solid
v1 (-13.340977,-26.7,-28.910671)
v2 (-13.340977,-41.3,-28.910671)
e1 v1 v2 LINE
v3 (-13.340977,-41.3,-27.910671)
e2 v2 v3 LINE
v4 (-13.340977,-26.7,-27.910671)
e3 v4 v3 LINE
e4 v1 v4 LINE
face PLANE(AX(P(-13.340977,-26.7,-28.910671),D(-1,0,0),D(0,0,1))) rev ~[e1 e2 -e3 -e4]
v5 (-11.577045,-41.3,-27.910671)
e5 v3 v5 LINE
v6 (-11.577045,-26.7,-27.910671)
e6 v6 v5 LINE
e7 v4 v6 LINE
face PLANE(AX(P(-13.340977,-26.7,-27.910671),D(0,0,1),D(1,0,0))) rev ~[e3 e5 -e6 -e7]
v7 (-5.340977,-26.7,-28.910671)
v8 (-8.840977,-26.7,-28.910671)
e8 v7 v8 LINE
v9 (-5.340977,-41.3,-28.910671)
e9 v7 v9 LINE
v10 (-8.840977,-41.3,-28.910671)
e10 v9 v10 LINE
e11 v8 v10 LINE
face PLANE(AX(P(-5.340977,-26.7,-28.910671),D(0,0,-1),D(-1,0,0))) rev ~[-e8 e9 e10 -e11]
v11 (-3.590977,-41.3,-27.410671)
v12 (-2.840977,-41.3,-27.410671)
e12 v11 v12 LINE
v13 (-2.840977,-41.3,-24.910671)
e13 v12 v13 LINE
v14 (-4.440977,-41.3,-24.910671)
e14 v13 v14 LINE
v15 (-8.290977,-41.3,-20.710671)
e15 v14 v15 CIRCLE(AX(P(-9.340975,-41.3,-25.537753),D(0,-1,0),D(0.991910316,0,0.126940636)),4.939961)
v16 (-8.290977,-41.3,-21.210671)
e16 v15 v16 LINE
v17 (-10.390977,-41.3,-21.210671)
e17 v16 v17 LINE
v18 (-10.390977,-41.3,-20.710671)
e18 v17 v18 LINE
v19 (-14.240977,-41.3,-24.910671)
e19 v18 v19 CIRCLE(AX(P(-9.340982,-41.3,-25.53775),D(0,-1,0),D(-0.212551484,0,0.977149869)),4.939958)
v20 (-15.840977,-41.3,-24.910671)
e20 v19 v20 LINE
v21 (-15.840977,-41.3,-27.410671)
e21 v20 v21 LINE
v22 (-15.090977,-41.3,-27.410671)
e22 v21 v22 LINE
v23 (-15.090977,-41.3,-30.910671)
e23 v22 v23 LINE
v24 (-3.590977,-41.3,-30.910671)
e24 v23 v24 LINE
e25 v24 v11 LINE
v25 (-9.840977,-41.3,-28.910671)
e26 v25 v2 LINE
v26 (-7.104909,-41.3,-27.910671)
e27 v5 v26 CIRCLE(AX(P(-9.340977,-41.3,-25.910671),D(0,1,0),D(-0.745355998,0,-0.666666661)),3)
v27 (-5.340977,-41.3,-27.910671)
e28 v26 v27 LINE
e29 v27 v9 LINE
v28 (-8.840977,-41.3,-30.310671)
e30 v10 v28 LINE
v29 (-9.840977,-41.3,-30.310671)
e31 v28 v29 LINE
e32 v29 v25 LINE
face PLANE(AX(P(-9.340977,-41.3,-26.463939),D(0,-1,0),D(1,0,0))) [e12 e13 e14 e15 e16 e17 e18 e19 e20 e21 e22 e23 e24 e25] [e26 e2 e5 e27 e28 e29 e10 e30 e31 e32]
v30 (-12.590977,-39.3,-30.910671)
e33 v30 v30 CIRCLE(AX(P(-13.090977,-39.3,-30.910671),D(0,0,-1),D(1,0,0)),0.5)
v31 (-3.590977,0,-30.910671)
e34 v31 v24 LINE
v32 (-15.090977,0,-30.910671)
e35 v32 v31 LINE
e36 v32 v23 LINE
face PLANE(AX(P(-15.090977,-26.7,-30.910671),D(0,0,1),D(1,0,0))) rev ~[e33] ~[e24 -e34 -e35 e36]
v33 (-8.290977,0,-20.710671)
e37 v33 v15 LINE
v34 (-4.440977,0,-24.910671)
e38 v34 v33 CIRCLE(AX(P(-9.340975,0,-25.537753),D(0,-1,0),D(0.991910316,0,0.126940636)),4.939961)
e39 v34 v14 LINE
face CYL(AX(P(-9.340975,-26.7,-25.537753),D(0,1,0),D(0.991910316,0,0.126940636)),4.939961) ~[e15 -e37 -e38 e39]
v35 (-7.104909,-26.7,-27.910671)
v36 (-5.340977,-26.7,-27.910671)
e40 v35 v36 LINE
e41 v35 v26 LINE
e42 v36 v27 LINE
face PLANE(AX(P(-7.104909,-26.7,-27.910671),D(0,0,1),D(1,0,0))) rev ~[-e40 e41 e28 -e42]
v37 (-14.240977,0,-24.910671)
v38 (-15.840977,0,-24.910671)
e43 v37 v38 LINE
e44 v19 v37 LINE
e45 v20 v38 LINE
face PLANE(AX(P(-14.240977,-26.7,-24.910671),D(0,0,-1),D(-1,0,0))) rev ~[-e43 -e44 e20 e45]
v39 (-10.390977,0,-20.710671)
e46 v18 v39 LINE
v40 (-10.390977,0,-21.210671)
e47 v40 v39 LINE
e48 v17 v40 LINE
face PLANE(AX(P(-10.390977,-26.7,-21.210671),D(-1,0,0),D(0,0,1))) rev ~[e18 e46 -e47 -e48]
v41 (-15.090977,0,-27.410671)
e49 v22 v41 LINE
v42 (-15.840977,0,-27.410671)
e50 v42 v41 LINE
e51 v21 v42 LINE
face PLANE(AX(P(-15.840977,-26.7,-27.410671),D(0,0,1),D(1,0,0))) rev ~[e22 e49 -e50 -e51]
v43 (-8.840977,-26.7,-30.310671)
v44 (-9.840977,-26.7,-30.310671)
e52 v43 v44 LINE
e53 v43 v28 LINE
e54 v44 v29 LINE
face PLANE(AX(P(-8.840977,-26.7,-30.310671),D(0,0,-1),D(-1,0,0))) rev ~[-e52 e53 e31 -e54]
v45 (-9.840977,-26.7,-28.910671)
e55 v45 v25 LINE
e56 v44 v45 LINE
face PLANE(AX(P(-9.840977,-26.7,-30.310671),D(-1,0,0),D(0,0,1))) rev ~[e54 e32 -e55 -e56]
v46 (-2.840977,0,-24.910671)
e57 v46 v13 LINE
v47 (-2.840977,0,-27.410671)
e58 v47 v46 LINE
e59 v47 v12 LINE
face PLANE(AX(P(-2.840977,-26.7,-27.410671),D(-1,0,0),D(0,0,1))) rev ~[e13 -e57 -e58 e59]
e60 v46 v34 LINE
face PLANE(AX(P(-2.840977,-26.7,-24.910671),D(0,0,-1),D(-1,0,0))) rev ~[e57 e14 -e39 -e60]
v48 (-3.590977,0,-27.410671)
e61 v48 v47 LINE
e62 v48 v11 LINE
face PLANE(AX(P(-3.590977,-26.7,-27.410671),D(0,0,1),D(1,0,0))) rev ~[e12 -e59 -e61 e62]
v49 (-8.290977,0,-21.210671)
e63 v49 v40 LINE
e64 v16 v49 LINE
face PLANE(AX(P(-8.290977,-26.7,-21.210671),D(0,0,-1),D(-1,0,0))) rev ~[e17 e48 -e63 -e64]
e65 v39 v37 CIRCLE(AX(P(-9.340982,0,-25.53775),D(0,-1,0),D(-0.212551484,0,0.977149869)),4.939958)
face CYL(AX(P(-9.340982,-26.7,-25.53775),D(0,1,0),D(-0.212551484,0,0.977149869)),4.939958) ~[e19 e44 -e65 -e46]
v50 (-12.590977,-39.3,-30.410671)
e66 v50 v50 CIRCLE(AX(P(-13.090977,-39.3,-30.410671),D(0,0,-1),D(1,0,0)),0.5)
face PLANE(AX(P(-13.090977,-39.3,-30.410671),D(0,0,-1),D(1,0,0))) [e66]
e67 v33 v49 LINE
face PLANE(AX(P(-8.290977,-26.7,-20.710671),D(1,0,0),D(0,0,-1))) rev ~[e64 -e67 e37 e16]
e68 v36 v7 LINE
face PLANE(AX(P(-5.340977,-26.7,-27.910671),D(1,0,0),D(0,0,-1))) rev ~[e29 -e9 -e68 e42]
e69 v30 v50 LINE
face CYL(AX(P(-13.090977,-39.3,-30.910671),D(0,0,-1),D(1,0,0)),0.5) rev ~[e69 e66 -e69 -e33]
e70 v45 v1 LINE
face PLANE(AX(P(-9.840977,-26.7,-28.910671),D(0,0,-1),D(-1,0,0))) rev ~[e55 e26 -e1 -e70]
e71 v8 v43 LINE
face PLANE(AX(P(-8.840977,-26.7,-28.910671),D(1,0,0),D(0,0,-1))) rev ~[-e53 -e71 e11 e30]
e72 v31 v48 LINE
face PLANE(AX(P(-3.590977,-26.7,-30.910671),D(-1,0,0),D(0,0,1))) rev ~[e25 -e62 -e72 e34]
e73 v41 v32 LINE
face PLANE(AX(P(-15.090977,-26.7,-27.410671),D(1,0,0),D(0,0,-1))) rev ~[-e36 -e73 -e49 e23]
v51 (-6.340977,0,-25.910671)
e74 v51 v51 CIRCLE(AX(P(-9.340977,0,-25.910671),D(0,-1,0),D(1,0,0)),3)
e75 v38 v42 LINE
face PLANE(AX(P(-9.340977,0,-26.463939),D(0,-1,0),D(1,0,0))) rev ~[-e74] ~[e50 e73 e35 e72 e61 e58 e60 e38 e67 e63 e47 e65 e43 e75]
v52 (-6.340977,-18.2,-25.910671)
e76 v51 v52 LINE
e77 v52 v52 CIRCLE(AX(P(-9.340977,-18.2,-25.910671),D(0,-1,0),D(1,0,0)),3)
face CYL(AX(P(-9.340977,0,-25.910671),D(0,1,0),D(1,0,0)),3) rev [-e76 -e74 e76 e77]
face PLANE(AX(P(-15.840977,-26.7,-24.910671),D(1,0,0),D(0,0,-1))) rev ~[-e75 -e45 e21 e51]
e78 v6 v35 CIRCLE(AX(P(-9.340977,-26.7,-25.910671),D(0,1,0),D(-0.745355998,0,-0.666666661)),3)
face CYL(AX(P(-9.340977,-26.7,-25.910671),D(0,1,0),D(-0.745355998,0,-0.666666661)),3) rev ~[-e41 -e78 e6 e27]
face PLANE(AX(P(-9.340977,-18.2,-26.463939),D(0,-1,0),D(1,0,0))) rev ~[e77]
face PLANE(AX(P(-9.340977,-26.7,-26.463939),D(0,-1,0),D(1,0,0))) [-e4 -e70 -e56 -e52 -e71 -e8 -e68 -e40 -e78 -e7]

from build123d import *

# Parameters (mm, degrees)
F0_R     = 3
F1_DEPTH = 18.2
F3_DEPTH = 8.5
F5_DEPTH = 14.6
F6_R     = 0.5
F7_DEPTH = 0.5


with BuildPart() as f1:
    # F0 (on Front) → F1 (new body)
    with BuildSketch(Plane.XZ):
        with BuildLine():
            Line((-15.090977, -27.410671), (-15.090977, -30.910671))
            Line((-15.090977, -30.910671), (-3.590977, -30.910671))
            Line((-3.590977, -30.910671), (-3.590977, -27.410671))
            Line((-3.590977, -27.410671), (-2.840977, -27.410671))
            Line((-2.840977, -27.410671), (-2.840977, -24.910671))
            Line((-2.840977, -24.910671), (-3.590977, -24.910671))
            Line((-3.590977, -24.910671), (-4.440977, -24.910671))
            ThreePointArc((-4.440977, -24.910671), (-5.699463, -22.199699), (-8.290977, -20.710671))
            Line((-8.290977, -20.710671), (-8.290977, -21.210671))
            Line((-8.290977, -21.210671), (-10.390977, -21.210671))
            Line((-10.390977, -21.210671), (-10.390977, -20.710671))
            ThreePointArc((-10.390977, -20.710671), (-12.982492, -22.199699), (-14.240977, -24.910671))
            Line((-14.240977, -24.910671), (-15.090977, -24.910671))
            Line((-15.090977, -24.910671), (-15.840977, -24.910671))
            Line((-15.840977, -24.910671), (-15.840977, -27.410671))
            Line((-15.840977, -27.410671), (-15.090977, -27.410671))
        make_face()
        with Locations((-9.340977, -25.910671)):
            Circle(F0_R, mode=Mode.SUBTRACT)
    extrude(amount=F1_DEPTH)

    # F2 (on face) → F3 (join)
    with BuildSketch(Plane.XZ.offset(18.2)):
        with BuildLine():
            Line((-15.090977, -27.410671), (-15.090977, -30.910671))
            Line((-15.090977, -30.910671), (-3.590977, -30.910671))
            Line((-3.590977, -30.910671), (-3.590977, -27.410671))
            Line((-3.590977, -27.410671), (-2.840977, -27.410671))
            Line((-2.840977, -27.410671), (-2.840977, -24.910671))
            Line((-2.840977, -24.910671), (-3.590977, -24.910671))
            Line((-3.590977, -24.910671), (-4.440977, -24.910671))
            ThreePointArc((-4.440977, -24.910671), (-5.699463, -22.199699), (-8.290977, -20.710671))
            Line((-8.290977, -20.710671), (-8.290977, -21.210671))
            Line((-8.290977, -21.210671), (-10.390977, -21.210671))
            Line((-10.390977, -21.210671), (-10.390977, -20.710671))
            ThreePointArc((-10.390977, -20.710671), (-12.982492, -22.199699), (-14.240977, -24.910671))
            Line((-14.240977, -24.910671), (-15.090977, -24.910671))
            Line((-15.090977, -24.910671), (-15.840977, -24.910671))
            Line((-15.840977, -24.910671), (-15.840977, -27.410671))
            Line((-15.840977, -27.410671), (-15.090977, -27.410671))
        make_face()
    extrude(amount=F3_DEPTH)

    # F4 (on face) → F5 (join)
    with BuildSketch(Plane.XZ.offset(26.7)):
        with BuildLine():
            Line((-15.090977, -27.410671), (-15.090977, -30.910671))
            Line((-15.090977, -30.910671), (-3.590977, -30.910671))
            Line((-3.590977, -30.910671), (-3.590977, -27.410671))
            Line((-3.590977, -27.410671), (-2.840977, -27.410671))
            Line((-2.840977, -27.410671), (-2.840977, -24.910671))
            Line((-2.840977, -24.910671), (-3.590977, -24.910671))
            Line((-3.590977, -24.910671), (-4.440977, -24.910671))
            ThreePointArc((-4.440977, -24.910671), (-5.699463, -22.199699), (-8.290977, -20.710671))
            Line((-8.290977, -20.710671), (-8.290977, -21.210671))
            Line((-8.290977, -21.210671), (-10.390977, -21.210671))
            Line((-10.390977, -21.210671), (-10.390977, -20.710671))
            ThreePointArc((-10.390977, -20.710671), (-12.982492, -22.199699), (-14.240977, -24.910671))
            Line((-14.240977, -24.910671), (-15.090977, -24.910671))
            Line((-15.090977, -24.910671), (-15.840977, -24.910671))
            Line((-15.840977, -24.910671), (-15.840977, -27.410671))
            Line((-15.840977, -27.410671), (-15.090977, -27.410671))
        make_face()
        with BuildLine():
            ThreePointArc((-11.577045, -27.910671), (-9.340977, -22.910671), (-7.104909, -27.910671))
            Line((-7.104909, -27.910671), (-5.340977, -27.910671))
            Line((-5.340977, -27.910671), (-5.340977, -28.910671))
            Line((-5.340977, -28.910671), (-8.840977, -28.910671))
            Line((-8.840977, -28.910671), (-8.840977, -30.310671))
            Line((-8.840977, -30.310671), (-9.840977, -30.310671))
            Line((-9.840977, -30.310671), (-9.840977, -28.910671))
            Line((-9.840977, -28.910671), (-13.340977, -28.910671))
            Line((-13.340977, -28.910671), (-13.340977, -27.910671))
            Line((-13.340977, -27.910671), (-11.577045, -27.910671))
        make_face(mode=Mode.SUBTRACT)
    extrude(amount=F5_DEPTH)

    # F6 (on face) → F7 (cut)
    with BuildSketch(Plane(origin=(0, 0, -30.910671), x_dir=(1, 0, 0), z_dir=(0, 0, -1))):
        with Locations((-13.090977, 39.3)):
            Circle(F6_R)
    extrude(amount=-F7_DEPTH, mode=Mode.SUBTRACT)


solid = f1.part
